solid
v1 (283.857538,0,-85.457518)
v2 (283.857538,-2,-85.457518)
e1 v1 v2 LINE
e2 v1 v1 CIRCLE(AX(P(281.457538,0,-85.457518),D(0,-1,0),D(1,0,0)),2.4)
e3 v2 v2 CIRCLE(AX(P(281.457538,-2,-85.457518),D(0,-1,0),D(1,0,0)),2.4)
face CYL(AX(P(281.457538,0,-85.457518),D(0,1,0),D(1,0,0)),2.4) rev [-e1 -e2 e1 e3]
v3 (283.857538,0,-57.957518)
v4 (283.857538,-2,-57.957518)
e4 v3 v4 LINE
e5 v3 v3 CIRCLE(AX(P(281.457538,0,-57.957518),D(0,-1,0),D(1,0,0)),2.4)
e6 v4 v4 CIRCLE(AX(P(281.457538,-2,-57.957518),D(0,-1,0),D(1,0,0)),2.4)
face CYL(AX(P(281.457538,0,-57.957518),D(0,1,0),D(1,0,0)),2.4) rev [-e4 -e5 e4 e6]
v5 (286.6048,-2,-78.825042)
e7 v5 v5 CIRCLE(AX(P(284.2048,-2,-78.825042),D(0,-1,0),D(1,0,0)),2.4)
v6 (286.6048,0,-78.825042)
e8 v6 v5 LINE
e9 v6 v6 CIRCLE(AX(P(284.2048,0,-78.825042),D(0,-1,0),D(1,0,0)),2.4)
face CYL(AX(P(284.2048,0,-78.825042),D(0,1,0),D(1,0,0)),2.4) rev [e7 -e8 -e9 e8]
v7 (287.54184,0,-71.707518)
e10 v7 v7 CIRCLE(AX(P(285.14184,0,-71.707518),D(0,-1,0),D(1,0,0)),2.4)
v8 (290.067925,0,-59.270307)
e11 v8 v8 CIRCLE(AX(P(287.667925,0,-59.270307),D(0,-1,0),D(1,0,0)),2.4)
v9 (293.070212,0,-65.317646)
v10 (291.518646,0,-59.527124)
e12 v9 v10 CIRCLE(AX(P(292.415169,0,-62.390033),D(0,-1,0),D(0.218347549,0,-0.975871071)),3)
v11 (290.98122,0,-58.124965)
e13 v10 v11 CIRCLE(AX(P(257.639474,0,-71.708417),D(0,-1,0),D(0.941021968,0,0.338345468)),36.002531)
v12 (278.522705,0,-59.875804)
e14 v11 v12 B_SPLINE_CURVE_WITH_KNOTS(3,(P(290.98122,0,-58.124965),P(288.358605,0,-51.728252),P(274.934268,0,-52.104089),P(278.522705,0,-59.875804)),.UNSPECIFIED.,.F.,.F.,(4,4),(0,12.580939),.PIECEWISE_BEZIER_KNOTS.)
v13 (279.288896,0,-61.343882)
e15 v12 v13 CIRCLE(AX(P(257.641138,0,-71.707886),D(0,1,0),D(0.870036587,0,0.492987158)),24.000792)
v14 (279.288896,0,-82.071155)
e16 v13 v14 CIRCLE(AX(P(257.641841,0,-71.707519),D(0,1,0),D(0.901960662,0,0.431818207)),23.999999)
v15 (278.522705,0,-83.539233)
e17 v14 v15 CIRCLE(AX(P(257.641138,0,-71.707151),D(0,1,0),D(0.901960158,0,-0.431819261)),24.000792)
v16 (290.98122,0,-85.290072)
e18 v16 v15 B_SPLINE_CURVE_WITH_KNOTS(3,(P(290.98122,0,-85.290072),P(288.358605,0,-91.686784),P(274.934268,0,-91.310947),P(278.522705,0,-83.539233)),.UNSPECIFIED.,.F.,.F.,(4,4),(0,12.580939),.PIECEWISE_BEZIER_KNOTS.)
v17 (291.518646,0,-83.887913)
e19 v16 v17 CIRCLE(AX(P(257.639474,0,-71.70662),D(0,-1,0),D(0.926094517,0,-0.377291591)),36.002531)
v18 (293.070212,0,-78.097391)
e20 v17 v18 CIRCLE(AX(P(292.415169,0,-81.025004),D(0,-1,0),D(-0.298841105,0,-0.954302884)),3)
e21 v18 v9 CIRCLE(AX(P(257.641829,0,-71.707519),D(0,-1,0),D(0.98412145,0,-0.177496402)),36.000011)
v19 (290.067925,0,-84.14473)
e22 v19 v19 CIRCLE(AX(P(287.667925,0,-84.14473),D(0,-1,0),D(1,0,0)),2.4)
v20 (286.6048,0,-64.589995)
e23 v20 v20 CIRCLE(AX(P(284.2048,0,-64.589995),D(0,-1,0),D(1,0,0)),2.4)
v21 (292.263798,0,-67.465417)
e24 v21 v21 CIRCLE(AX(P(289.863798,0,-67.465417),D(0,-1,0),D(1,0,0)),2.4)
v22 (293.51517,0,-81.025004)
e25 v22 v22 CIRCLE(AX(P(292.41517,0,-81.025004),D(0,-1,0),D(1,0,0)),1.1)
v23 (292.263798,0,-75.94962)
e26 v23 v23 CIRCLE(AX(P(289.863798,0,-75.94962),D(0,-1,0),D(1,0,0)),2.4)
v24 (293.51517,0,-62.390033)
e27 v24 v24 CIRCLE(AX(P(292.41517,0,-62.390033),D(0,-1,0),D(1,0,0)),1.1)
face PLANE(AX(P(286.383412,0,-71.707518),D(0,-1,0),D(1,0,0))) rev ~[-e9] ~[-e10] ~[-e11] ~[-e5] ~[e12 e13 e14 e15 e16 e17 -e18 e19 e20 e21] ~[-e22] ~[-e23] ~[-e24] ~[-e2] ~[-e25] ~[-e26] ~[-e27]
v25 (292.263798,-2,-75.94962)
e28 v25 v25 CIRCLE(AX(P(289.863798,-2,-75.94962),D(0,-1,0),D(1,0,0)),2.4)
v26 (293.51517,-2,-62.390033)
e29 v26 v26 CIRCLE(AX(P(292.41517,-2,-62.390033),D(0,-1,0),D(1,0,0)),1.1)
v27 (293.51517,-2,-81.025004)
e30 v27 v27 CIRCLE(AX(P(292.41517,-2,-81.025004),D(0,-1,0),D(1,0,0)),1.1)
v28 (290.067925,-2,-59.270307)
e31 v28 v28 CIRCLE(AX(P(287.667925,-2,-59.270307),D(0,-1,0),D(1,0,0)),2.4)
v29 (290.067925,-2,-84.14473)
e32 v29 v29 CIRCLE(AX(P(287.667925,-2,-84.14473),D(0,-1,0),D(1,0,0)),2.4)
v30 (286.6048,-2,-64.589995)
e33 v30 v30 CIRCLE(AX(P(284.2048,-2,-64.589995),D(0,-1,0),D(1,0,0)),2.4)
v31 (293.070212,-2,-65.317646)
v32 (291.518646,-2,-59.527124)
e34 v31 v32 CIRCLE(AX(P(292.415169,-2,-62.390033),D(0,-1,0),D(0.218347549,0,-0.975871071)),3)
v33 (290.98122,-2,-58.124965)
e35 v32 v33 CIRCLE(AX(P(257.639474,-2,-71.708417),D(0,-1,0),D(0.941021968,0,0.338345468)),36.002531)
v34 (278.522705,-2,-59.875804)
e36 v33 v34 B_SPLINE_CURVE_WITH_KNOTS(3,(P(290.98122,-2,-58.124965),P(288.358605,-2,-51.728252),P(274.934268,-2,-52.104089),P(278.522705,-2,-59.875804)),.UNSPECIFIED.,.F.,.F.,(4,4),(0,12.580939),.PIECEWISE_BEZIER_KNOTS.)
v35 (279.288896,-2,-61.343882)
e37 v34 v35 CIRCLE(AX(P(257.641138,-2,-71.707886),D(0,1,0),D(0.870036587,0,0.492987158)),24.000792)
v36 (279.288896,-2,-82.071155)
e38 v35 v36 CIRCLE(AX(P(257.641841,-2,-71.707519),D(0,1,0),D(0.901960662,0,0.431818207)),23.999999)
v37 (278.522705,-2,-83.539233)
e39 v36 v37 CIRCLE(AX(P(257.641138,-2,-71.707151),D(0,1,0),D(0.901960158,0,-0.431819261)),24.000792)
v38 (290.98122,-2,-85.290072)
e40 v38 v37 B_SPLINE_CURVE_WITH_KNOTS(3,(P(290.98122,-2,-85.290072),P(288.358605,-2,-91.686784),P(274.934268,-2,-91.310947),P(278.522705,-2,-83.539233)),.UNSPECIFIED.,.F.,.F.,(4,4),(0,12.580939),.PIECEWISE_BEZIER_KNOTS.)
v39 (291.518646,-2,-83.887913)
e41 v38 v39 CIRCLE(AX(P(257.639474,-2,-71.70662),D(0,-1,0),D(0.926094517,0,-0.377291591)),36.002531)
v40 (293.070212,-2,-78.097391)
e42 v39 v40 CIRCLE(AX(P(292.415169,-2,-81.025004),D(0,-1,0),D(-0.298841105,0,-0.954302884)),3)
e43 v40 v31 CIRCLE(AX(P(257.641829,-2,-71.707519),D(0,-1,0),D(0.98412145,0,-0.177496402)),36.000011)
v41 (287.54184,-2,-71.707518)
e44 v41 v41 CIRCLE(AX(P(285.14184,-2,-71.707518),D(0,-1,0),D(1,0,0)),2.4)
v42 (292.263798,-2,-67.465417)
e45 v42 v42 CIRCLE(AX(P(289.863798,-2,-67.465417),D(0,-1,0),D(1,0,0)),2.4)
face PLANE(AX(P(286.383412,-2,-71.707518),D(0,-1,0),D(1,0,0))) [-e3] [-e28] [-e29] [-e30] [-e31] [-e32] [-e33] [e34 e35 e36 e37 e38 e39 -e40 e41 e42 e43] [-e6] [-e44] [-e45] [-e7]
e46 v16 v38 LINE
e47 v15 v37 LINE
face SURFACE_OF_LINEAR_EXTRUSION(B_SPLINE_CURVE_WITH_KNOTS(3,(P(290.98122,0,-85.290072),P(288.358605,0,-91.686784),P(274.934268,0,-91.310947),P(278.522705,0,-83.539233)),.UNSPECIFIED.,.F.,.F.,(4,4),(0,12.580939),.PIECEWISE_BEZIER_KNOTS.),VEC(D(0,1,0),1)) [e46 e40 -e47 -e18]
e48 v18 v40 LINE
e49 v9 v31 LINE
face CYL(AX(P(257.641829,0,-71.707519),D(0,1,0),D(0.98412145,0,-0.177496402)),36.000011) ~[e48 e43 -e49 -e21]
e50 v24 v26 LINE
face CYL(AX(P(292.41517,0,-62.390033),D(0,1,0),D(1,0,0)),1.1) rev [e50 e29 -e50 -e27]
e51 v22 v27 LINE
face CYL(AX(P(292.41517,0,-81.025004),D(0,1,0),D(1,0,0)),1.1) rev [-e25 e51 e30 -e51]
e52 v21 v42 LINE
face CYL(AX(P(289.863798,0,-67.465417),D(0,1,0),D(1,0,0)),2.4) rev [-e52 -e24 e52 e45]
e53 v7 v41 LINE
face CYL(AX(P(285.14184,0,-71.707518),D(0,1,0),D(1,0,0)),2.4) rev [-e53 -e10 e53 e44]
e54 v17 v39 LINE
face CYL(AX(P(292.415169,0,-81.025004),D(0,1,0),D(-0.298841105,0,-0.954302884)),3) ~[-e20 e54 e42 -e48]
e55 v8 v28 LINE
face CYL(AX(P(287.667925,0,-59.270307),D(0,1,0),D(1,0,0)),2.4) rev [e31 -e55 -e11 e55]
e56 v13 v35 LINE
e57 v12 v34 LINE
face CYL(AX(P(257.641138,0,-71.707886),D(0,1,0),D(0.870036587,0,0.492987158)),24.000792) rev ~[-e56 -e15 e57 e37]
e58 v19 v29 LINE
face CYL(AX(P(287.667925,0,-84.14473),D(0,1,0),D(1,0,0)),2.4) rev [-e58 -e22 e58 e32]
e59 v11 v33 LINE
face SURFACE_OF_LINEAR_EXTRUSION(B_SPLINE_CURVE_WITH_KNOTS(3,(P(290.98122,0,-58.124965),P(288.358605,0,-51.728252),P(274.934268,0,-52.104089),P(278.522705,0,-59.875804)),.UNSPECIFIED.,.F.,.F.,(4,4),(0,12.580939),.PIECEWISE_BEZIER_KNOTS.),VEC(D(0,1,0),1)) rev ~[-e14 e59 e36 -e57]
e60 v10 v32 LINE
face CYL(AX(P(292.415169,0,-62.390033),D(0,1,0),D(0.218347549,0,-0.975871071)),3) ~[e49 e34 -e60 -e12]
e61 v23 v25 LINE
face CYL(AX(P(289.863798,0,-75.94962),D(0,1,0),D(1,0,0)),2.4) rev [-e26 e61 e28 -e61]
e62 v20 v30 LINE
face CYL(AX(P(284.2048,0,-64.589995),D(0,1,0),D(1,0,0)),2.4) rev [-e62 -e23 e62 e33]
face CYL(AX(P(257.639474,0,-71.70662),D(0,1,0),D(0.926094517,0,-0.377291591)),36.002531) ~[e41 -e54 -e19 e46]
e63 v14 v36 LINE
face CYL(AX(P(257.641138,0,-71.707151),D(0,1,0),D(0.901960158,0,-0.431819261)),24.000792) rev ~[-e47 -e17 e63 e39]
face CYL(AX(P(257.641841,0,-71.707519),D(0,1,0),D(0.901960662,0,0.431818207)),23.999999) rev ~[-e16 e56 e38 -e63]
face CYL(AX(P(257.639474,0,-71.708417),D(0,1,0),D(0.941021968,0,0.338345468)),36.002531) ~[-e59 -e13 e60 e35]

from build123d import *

# Parameters (mm, degrees)
F0_R     = 2.4
F0_R_2   = 1.1
F1_DEPTH = 2


with BuildPart() as f1:
    # F0 (on Front) → F1 (new body)
    with BuildSketch(Plane.XZ):
        with BuildLine():
            add(Edge.make_bspline(
                [(290.98122, -58.124965), (288.358605, -51.728252), (274.934268, -52.104089), (278.522705, -59.875804)],
                knots=[0, 0, 0, 0, 12.580939, 12.580939, 12.580939, 12.580939], degree=3))
            ThreePointArc((278.522705, -59.875804), (278.918466, -60.603233), (279.288896, -61.343882))
            ThreePointArc((279.288896, -61.343882), (281.64184, -71.707518), (279.288896, -82.071155))
            ThreePointArc((279.288896, -82.071155), (278.918466, -82.811804), (278.522705, -83.539233))
            add(Edge.make_bspline(
                [(290.98122, -85.290072), (288.358605, -91.686784), (274.934268, -91.310947), (278.522705, -83.539233)],
                knots=[0, 0, 0, 0, 12.580939, 12.580939, 12.580939, 12.580939], degree=3))
            ThreePointArc((290.98122, -85.290072), (291.257244, -84.591795), (291.518646, -83.887913))
            ThreePointArc((291.518646, -83.887913), (295.312947, -81.801461), (293.070212, -78.097391))
            ThreePointArc((293.070212, -78.097391), (293.64184, -71.707518), (293.070212, -65.317646))
            ThreePointArc((293.070212, -65.317646), (295.312947, -61.613576), (291.518646, -59.527124))
            ThreePointArc((291.518646, -59.527124), (291.257244, -58.823242), (290.98122, -58.124965))
        make_face()
        with Locations((281.457538, -85.457518)):
            Circle(F0_R, mode=Mode.SUBTRACT)
        with Locations((284.2048, -78.825042)):
            Circle(F0_R, mode=Mode.SUBTRACT)
        with Locations((285.14184, -71.707518)):
            Circle(F0_R, mode=Mode.SUBTRACT)
        with Locations((287.667925, -84.14473)):
            Circle(F0_R, mode=Mode.SUBTRACT)
        with Locations((289.863798, -75.94962)):
            Circle(F0_R, mode=Mode.SUBTRACT)
        with Locations((292.41517, -81.025004)):
            Circle(F0_R_2, mode=Mode.SUBTRACT)
        with Locations((284.2048, -64.589995)):
            Circle(F0_R, mode=Mode.SUBTRACT)
        with Locations((281.457538, -57.957518)):
            Circle(F0_R, mode=Mode.SUBTRACT)
        with Locations((289.863798, -67.465417)):
            Circle(F0_R, mode=Mode.SUBTRACT)
        with Locations((292.41517, -62.390033)):
            Circle(F0_R_2, mode=Mode.SUBTRACT)
        with Locations((287.667925, -59.270307)):
            Circle(F0_R, mode=Mode.SUBTRACT)
    extrude(amount=F1_DEPTH)


solid = f1.part
